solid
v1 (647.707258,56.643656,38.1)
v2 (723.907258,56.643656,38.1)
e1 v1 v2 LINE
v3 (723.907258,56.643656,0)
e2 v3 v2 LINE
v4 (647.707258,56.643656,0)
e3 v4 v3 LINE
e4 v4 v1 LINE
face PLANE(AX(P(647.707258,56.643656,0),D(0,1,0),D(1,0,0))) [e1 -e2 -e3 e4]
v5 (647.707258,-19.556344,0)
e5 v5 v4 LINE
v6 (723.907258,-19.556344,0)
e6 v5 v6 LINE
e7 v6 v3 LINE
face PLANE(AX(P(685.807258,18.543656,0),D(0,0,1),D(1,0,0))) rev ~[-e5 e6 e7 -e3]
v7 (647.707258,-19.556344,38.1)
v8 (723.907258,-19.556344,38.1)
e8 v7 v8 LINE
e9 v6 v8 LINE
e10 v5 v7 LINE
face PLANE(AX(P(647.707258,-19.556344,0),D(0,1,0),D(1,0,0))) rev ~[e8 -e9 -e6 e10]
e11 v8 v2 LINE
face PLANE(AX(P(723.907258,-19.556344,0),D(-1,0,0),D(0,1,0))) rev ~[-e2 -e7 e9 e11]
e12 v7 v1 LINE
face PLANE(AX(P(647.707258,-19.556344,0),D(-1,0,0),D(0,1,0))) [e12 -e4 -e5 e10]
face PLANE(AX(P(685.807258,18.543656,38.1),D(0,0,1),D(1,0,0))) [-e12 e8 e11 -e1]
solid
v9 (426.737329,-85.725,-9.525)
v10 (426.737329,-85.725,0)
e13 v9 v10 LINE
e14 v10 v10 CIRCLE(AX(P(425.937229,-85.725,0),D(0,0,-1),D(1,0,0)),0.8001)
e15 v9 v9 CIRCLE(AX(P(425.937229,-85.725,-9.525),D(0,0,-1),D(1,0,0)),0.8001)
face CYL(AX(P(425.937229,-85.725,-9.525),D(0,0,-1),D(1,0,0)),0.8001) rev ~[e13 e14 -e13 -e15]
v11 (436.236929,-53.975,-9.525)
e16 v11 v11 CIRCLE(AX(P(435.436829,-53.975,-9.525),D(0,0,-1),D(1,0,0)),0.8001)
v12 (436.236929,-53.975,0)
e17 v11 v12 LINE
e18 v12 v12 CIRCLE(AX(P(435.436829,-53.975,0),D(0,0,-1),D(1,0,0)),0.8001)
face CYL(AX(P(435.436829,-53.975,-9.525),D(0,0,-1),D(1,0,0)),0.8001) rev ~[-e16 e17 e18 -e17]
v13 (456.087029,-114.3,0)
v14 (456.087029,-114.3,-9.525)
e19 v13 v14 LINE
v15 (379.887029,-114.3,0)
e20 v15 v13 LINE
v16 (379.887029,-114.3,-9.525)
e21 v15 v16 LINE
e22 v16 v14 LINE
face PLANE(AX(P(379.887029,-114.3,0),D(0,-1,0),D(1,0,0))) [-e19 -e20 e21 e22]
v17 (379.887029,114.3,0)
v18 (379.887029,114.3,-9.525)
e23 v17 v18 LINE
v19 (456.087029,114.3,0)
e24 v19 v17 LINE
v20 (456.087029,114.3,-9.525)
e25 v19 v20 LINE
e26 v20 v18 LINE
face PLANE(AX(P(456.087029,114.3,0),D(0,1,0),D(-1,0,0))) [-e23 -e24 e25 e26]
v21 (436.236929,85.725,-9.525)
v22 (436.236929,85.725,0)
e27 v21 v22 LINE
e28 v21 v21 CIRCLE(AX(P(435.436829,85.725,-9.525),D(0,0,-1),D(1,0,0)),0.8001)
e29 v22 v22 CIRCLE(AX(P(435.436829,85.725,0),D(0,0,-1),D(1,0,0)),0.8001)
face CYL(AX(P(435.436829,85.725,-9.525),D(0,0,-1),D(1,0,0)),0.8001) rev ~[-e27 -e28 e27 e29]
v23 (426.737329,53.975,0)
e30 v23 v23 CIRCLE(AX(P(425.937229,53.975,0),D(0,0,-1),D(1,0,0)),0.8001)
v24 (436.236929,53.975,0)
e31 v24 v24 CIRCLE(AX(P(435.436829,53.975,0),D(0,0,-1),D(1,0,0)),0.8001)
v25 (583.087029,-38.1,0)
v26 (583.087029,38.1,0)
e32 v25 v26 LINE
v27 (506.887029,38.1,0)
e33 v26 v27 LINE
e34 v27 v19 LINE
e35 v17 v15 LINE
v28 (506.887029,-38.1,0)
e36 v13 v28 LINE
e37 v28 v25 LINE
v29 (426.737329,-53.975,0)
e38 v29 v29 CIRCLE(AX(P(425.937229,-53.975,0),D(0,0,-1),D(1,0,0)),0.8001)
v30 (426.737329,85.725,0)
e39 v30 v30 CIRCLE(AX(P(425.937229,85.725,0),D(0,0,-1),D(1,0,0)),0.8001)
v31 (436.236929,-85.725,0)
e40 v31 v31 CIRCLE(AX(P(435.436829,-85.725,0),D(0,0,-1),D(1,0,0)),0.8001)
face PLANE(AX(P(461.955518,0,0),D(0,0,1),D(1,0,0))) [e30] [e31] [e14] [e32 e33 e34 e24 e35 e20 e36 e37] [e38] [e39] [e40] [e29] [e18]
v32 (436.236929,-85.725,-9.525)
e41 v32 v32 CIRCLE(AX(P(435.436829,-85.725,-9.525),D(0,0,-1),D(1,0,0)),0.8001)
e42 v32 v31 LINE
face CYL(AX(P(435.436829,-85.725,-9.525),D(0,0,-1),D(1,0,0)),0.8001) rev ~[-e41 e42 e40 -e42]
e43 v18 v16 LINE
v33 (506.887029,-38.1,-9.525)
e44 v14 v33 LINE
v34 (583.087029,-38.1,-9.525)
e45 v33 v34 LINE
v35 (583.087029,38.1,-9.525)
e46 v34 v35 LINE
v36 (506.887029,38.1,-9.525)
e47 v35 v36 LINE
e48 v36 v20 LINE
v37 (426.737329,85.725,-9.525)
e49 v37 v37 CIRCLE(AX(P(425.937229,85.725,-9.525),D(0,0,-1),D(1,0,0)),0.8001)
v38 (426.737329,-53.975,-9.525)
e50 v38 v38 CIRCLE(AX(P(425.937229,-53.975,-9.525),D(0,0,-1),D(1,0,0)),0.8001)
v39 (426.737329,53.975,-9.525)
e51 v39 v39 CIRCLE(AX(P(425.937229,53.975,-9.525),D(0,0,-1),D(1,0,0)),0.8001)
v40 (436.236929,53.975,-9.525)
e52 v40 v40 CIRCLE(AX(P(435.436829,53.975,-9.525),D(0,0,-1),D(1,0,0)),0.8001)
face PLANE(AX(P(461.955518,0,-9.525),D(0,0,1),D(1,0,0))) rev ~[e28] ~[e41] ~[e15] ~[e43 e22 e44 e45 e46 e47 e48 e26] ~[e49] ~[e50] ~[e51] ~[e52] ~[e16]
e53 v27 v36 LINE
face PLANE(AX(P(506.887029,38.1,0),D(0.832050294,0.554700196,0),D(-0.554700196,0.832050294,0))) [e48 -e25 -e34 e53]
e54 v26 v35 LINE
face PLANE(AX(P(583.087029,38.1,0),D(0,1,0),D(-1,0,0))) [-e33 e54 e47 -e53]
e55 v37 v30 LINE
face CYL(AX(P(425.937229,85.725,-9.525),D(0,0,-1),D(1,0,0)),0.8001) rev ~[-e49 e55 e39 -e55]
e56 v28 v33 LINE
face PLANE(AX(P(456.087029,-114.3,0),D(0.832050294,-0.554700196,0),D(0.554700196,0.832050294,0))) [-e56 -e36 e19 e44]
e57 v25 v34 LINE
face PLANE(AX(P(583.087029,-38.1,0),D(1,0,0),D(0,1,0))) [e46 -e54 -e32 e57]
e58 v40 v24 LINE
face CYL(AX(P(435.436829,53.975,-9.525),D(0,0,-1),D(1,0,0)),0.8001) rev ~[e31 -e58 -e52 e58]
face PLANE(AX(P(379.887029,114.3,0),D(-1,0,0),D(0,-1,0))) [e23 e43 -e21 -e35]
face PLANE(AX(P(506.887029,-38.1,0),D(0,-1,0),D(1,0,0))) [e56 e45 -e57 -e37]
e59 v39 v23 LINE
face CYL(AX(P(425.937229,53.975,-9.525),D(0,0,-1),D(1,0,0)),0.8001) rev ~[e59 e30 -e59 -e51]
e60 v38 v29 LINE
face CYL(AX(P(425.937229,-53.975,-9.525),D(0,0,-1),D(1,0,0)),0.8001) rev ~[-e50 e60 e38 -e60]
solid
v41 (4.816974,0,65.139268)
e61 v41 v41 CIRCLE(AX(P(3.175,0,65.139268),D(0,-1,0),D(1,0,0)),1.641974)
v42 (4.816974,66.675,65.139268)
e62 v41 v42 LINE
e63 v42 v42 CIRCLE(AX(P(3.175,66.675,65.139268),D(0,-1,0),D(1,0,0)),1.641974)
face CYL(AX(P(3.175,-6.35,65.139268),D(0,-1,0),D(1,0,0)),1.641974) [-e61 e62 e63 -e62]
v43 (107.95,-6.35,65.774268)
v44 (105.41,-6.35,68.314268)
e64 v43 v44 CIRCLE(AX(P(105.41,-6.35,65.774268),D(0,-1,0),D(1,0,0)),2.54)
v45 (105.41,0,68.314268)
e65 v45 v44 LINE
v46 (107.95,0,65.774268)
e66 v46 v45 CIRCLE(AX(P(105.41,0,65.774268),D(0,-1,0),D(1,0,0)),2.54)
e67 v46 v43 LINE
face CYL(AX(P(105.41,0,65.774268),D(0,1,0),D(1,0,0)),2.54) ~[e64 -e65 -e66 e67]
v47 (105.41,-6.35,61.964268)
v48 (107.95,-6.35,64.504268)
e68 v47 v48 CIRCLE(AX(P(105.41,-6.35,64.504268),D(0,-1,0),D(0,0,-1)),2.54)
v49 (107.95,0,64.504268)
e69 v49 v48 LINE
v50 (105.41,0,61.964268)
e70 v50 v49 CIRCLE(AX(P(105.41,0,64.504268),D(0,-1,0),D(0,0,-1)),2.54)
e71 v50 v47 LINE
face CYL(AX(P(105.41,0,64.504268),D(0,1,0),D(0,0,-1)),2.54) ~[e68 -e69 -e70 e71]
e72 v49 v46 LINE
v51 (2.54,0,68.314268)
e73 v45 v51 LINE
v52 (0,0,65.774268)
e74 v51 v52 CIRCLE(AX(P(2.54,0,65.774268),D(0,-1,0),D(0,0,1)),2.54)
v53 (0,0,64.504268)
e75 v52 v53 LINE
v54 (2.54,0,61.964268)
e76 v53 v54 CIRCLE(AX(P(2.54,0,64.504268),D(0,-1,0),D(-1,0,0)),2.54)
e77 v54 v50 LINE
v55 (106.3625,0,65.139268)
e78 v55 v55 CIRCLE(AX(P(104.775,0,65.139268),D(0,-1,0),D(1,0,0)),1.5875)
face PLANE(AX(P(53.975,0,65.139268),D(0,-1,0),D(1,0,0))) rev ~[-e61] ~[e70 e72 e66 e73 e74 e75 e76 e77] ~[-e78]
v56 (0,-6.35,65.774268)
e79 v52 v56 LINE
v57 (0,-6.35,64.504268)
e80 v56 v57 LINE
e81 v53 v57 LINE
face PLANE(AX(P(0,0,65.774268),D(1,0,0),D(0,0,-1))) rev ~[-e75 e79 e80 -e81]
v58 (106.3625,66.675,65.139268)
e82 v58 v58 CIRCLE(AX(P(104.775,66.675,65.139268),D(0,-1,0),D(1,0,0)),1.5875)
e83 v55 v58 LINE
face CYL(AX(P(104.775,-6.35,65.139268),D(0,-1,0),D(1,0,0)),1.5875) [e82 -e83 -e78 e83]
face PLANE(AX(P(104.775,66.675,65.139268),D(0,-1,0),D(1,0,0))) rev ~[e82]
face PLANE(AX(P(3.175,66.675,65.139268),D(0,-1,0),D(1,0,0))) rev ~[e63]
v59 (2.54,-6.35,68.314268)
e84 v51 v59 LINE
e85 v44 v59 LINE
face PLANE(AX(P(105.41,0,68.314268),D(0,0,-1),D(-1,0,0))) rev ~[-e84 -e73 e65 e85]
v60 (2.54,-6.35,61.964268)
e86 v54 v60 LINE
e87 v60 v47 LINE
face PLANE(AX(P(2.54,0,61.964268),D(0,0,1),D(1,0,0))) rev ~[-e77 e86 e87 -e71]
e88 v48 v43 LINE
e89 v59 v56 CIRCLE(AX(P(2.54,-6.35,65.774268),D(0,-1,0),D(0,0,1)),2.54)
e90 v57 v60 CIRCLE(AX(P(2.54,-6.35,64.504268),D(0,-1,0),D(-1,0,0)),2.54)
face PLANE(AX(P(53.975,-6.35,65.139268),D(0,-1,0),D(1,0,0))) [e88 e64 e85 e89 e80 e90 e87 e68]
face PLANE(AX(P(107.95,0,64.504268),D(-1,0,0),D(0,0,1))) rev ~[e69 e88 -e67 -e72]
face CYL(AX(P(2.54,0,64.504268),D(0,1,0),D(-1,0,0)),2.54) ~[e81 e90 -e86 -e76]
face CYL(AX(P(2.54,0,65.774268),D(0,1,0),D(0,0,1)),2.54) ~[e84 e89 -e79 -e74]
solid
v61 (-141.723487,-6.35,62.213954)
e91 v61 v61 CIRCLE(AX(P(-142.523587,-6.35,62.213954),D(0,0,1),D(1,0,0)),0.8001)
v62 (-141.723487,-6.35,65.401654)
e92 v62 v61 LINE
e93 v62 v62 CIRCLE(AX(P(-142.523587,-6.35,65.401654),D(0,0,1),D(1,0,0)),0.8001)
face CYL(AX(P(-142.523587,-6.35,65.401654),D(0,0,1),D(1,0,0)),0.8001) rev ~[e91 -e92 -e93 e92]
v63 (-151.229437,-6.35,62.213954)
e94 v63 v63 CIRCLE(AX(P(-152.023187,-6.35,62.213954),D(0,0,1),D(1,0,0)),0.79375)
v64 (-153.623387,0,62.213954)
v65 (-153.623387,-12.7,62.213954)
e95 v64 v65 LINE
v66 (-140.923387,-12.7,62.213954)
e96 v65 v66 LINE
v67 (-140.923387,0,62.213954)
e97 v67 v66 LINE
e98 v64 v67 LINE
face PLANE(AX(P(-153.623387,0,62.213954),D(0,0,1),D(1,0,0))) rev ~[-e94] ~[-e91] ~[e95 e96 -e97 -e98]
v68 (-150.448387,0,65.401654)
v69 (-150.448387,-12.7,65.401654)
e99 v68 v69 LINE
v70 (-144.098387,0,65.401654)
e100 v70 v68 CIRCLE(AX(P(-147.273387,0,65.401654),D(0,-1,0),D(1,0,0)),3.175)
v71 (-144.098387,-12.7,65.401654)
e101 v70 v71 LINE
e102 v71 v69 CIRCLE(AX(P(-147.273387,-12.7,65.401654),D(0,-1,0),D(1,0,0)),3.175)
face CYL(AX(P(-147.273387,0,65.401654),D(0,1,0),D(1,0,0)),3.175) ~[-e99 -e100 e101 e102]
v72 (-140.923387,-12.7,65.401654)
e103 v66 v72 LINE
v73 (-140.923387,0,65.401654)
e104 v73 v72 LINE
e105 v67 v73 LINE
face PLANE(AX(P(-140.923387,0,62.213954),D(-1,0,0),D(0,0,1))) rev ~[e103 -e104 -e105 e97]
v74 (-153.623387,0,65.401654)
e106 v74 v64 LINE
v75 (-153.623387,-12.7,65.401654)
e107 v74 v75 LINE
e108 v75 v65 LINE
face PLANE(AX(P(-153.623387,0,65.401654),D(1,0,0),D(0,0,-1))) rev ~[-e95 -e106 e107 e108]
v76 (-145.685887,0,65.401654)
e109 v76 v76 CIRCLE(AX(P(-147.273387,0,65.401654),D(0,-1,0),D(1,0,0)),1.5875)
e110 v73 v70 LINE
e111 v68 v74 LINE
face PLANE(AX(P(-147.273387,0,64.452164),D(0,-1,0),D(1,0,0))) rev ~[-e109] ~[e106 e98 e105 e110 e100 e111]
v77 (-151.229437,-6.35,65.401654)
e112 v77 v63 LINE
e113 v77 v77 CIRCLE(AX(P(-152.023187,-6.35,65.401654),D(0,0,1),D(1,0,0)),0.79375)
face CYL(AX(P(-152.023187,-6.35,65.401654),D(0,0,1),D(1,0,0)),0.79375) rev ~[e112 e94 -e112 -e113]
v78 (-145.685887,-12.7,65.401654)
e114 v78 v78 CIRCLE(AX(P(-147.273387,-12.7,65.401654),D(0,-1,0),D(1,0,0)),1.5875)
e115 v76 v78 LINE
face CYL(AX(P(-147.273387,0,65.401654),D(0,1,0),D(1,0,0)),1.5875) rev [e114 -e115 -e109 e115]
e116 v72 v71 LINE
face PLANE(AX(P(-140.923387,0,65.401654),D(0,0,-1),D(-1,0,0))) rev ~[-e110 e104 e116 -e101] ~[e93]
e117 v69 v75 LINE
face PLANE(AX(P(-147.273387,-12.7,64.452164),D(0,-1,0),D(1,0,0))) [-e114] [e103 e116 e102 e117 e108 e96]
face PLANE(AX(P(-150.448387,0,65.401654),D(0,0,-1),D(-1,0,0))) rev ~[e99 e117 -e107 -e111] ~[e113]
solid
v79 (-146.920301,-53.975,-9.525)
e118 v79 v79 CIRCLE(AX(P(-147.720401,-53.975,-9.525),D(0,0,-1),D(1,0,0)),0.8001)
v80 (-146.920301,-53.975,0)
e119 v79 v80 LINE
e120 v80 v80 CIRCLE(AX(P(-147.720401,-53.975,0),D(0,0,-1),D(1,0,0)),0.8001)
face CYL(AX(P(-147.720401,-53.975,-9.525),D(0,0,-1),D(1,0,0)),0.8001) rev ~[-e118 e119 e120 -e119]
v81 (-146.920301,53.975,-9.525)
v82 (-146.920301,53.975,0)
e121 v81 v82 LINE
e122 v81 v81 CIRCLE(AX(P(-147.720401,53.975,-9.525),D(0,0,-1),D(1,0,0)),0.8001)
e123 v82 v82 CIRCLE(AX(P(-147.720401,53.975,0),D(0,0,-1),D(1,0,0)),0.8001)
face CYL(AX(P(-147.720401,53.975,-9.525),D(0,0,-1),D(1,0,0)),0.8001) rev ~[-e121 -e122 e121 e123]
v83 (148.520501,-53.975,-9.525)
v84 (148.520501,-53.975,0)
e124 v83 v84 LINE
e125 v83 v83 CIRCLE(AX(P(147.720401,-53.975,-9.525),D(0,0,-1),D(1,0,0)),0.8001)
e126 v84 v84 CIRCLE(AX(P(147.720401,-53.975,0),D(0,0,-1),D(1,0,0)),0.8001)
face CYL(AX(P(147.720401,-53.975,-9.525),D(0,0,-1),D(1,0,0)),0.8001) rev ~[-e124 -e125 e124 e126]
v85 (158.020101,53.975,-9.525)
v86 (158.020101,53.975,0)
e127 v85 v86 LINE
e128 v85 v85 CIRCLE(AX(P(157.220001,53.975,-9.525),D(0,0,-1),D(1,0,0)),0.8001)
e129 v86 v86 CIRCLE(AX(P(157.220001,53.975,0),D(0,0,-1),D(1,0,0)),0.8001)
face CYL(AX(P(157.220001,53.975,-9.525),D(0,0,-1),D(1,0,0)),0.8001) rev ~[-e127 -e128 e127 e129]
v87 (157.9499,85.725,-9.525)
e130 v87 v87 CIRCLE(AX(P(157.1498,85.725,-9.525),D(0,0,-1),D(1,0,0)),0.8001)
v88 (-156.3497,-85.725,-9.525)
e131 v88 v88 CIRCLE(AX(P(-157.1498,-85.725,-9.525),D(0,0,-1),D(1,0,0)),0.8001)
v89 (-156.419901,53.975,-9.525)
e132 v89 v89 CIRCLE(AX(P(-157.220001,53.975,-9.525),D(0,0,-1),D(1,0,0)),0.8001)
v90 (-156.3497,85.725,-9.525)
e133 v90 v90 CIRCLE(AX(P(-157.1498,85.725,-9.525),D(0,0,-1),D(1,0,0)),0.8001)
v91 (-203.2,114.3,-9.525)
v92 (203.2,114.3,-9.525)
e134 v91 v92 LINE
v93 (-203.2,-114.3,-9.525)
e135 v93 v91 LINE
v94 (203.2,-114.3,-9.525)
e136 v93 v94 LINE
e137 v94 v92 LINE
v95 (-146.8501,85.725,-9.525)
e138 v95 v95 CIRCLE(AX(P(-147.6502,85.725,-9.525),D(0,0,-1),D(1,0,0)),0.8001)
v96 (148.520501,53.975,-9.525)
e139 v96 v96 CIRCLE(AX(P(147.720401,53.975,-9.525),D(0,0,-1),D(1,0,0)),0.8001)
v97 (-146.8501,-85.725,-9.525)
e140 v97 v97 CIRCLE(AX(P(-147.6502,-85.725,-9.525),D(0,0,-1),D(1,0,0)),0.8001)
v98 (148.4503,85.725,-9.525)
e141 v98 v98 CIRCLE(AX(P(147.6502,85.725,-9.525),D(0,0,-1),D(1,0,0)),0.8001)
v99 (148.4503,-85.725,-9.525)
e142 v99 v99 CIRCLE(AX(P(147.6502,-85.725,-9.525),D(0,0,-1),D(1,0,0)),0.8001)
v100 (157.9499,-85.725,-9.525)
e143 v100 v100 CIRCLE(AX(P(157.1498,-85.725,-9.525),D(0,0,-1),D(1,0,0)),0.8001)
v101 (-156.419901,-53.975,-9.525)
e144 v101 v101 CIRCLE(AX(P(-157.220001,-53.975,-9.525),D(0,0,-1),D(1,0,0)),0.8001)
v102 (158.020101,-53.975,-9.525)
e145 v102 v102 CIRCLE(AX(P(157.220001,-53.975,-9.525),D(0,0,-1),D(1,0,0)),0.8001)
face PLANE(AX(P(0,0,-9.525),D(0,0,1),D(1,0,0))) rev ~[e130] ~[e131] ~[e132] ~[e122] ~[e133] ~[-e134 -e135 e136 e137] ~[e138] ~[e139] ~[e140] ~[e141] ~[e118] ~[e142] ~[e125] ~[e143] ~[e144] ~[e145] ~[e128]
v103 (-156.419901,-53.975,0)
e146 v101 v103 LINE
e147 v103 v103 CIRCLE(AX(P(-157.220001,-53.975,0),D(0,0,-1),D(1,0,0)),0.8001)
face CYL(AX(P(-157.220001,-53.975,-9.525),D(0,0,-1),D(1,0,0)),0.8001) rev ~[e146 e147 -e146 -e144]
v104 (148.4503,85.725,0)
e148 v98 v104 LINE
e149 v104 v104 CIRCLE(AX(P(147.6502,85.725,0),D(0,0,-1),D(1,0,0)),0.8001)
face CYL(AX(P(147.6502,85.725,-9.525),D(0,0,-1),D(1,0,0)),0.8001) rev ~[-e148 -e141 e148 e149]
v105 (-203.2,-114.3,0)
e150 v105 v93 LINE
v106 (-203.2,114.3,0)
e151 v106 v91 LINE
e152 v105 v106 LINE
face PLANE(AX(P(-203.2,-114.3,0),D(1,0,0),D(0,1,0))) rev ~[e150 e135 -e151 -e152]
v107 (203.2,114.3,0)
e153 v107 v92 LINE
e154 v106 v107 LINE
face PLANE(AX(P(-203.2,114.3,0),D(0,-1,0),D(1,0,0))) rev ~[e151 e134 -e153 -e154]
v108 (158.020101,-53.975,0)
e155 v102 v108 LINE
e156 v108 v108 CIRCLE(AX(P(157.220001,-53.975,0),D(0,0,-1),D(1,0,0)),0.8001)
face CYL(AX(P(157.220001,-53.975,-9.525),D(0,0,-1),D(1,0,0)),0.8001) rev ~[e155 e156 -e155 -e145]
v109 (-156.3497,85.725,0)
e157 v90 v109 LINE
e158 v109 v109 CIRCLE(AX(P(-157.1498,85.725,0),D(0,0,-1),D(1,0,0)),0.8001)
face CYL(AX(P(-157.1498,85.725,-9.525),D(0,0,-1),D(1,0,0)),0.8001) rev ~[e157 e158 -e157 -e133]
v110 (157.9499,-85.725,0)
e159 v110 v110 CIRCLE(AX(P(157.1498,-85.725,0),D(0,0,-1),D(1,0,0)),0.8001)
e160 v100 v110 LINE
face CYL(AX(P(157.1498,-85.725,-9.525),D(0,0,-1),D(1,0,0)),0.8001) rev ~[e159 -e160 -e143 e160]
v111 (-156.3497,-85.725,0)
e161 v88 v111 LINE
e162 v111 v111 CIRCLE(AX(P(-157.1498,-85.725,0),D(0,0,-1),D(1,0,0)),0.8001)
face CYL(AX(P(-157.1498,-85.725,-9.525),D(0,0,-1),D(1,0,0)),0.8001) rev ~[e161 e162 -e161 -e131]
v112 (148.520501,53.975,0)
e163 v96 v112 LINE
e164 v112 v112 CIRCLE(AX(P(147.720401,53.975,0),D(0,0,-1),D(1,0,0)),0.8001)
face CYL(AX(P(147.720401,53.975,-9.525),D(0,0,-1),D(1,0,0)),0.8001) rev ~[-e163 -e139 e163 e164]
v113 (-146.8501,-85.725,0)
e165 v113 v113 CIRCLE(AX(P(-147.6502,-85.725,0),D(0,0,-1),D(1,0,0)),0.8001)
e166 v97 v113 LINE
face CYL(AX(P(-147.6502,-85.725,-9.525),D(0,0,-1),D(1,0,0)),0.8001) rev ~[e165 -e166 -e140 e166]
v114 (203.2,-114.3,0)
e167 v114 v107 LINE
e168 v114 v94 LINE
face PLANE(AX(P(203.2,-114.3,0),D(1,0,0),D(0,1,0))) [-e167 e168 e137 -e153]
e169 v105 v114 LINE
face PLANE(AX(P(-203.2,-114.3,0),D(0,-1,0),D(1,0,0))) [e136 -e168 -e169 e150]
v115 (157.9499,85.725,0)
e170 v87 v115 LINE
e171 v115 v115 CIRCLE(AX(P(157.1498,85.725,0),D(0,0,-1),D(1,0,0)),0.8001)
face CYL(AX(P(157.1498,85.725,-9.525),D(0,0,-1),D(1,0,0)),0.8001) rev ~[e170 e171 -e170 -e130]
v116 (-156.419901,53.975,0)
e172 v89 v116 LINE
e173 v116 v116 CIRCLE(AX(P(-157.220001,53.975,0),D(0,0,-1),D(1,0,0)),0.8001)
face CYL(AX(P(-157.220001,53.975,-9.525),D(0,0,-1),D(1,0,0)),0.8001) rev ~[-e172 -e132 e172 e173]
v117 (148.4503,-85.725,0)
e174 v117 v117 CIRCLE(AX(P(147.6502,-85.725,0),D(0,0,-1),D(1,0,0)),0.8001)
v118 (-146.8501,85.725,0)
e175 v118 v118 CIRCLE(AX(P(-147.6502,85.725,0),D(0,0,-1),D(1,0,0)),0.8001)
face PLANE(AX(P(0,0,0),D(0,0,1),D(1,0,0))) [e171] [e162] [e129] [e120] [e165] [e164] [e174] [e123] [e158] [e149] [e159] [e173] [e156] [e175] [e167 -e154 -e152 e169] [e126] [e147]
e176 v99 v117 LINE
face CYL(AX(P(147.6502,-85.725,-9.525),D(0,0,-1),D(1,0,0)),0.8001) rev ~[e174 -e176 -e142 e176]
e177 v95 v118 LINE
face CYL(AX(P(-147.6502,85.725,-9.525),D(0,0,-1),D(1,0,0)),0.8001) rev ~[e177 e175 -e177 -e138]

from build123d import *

# Parameters (mm, degrees)
F0_W      = 406.4
F0_H      = 228.6
F1_DEPTH  = 9.525
F3_DEPTH  = 9.525
F4_R      = 1.5875
F5_DEPTH  = 6.35
F6_R      = 1.6419743879
F6_R_2    = 1.5875
F7_DEPTH  = 73.025
F8_R      = 1.5875
F9_DEPTH  = 12.7
F10_R     = 0.79375
F10_R_2   = 0.8001
F11_DEPTH = 74.9276538282
F12_R     = 0.8001
F13_DEPTH = 78.1026538282
F14_R     = 0.8001
F15_DEPTH = 78.1026538282
F16_W     = 76.2
F16_H     = 76.2
F17_DEPTH = 38.1


with BuildPart() as f1:
    # F0 (on Top) → F1 (new body)
    with BuildSketch(Plane.XY):
        Rectangle(F0_W, F0_H)
    extrude(amount=-F1_DEPTH)

    # F12 (on face) → F13 (cut, through all)
    with BuildSketch(Plane(origin=(0, 0, -9.525), x_dir=(1, 0, 0), z_dir=(0, 0, -1))):
        with Locations((157.1498, 85.725)):
            Circle(F12_R)
        with Locations((147.6502, 85.725)):
            Circle(F12_R)
        with Locations((-147.6502, 85.725)):
            Circle(F12_R)
        with Locations((-157.1498, 85.725)):
            Circle(F12_R)
        with Locations((147.6502, -85.725)):
            Circle(F12_R)
        with Locations((157.1498, -85.725)):
            Circle(F12_R)
        with Locations((-147.6502, -85.725)):
            Circle(F12_R)
        with Locations((-157.1498, -85.725)):
            Circle(F12_R)
        with Locations((147.7204012539, 53.975)):
            Circle(F12_R)
        with Locations((157.2200012539, 53.975)):
            Circle(F12_R)
        with Locations((147.7204012539, -53.975)):
            Circle(F12_R)
        with Locations((157.2200012539, -53.975)):
            Circle(F12_R)
        with Locations((-147.7204012539, -53.975)):
            Circle(F12_R)
        with Locations((-157.2200012539, -53.975)):
            Circle(F12_R)
        with Locations((-147.7204012539, 53.975)):
            Circle(F12_R)
        with Locations((-157.2200012539, 53.975)):
            Circle(F12_R)
    extrude(amount=-F13_DEPTH, mode=Mode.SUBTRACT)


with BuildPart() as f3:
    # F2 (on Top) → F3 (new body)
    with BuildSketch(Plane.XY):
        Polygon((379.8870294891, 114.3), (379.8870294891, -114.3), (456.0870294891, -114.3), (506.8870294891, -38.1), (583.0870294891, -38.1), (583.0870294891, 38.1), (506.8870294891, 38.1), (456.0870294891, 114.3), align=None)
    extrude(amount=-F3_DEPTH)

    # F14 (on face) → F15 (cut, through all)
    with BuildSketch(Plane(origin=(0, 0, -9.525), x_dir=(1, 0, 0), z_dir=(0, 0, -1))):
        with Locations((425.9372294891, 85.725)):
            Circle(F14_R)
        with Locations((435.4368294891, 85.725)):
            Circle(F14_R)
        with Locations((425.9372294891, -85.725)):
            Circle(F14_R)
        with Locations((435.4368294891, -85.725)):
            Circle(F14_R)
        with Locations((425.9372294891, 53.975)):
            Circle(F14_R)
        with Locations((435.4368294891, 53.975)):
            Circle(F14_R)
        with Locations((435.4368294891, -53.975)):
            Circle(F14_R)
        with Locations((425.9372294891, -53.975)):
            Circle(F14_R)
    extrude(amount=-F15_DEPTH, mode=Mode.SUBTRACT)


with BuildPart() as f5:
    # F4 (on Front) → F5 (new body)
    with BuildSketch(Plane.XZ):
        with BuildLine():
            Line((105.41, 68.3142677468), (2.54, 68.3142677468))
            ThreePointArc((2.54, 68.3142677468), (0.7439487758, 67.570318971), (0, 65.7742677468))
            Line((0, 65.7742677468), (0, 64.5042677468))
            ThreePointArc((0, 64.5042677468), (0.7439487758, 62.7082165226), (2.54, 61.9642677468))
            Line((2.54, 61.9642677468), (105.41, 61.9642677468))
            ThreePointArc((105.41, 61.9642677468), (107.2060512242, 62.7082165226), (107.95, 64.5042677468))
            Line((107.95, 64.5042677468), (107.95, 65.7742677468))
            ThreePointArc((107.95, 65.7742677468), (107.2060512242, 67.570318971), (105.41, 68.3142677468))
        make_face()
        with Locations((3.175, 65.1392677468)):
            Circle(F4_R, mode=Mode.SUBTRACT)
        with Locations((104.775, 65.1392677468)):
            Circle(F4_R, mode=Mode.SUBTRACT)
    extrude(amount=F5_DEPTH)

    # F6 (on face) → F7 (join)
    with BuildSketch(Plane.XZ.offset(6.35)):
        with Locations((3.175, 65.1392677468)):
            Circle(F6_R)
        with Locations((104.775, 65.1392677468)):
            Circle(F6_R_2)
    extrude(amount=-F7_DEPTH)


with BuildPart() as f9:
    # F8 (on Front) → F9 (new body)
    with BuildSketch(Plane.XZ):
        with BuildLine():
            Line((-140.9233872175, 65.4016538282), (-144.0983872175, 65.4016538282))
            ThreePointArc((-144.0983872175, 65.4016538282), (-147.2733872175, 68.5766538282), (-150.4483872175, 65.4016538282))
            Line((-150.4483872175, 65.4016538282), (-153.6233872175, 65.4016538282))
            Line((-153.6233872175, 65.4016538282), (-153.6233872175, 62.2139538282))
            Line((-153.6233872175, 62.2139538282), (-140.9233872175, 62.2139538282))
            Line((-140.9233872175, 62.2139538282), (-140.9233872175, 65.4016538282))
        make_face()
        with Locations((-147.2733872175, 65.4016538282)):
            Circle(F8_R, mode=Mode.SUBTRACT)
    extrude(amount=F9_DEPTH)

    # F10 (on face) → F11 (cut, through all)
    with BuildSketch(Plane.XY.offset(65.4016538282)):
        with Locations((-152.0231872175, -6.35)):
            Circle(F10_R)
        with Locations((-142.5235872175, -6.35)):
            Circle(F10_R_2)
    extrude(amount=-F11_DEPTH, mode=Mode.SUBTRACT)


with BuildPart() as f17:
    # F16 (on Top) → F17 (new body)
    with BuildSketch(Plane.XY):
        with Locations((685.8072578907, 18.5436561204)):
            Rectangle(F16_W, F16_H)
    extrude(amount=F17_DEPTH)


solid = Compound([f1.part, f3.part, f5.part, f9.part, f17.part])
